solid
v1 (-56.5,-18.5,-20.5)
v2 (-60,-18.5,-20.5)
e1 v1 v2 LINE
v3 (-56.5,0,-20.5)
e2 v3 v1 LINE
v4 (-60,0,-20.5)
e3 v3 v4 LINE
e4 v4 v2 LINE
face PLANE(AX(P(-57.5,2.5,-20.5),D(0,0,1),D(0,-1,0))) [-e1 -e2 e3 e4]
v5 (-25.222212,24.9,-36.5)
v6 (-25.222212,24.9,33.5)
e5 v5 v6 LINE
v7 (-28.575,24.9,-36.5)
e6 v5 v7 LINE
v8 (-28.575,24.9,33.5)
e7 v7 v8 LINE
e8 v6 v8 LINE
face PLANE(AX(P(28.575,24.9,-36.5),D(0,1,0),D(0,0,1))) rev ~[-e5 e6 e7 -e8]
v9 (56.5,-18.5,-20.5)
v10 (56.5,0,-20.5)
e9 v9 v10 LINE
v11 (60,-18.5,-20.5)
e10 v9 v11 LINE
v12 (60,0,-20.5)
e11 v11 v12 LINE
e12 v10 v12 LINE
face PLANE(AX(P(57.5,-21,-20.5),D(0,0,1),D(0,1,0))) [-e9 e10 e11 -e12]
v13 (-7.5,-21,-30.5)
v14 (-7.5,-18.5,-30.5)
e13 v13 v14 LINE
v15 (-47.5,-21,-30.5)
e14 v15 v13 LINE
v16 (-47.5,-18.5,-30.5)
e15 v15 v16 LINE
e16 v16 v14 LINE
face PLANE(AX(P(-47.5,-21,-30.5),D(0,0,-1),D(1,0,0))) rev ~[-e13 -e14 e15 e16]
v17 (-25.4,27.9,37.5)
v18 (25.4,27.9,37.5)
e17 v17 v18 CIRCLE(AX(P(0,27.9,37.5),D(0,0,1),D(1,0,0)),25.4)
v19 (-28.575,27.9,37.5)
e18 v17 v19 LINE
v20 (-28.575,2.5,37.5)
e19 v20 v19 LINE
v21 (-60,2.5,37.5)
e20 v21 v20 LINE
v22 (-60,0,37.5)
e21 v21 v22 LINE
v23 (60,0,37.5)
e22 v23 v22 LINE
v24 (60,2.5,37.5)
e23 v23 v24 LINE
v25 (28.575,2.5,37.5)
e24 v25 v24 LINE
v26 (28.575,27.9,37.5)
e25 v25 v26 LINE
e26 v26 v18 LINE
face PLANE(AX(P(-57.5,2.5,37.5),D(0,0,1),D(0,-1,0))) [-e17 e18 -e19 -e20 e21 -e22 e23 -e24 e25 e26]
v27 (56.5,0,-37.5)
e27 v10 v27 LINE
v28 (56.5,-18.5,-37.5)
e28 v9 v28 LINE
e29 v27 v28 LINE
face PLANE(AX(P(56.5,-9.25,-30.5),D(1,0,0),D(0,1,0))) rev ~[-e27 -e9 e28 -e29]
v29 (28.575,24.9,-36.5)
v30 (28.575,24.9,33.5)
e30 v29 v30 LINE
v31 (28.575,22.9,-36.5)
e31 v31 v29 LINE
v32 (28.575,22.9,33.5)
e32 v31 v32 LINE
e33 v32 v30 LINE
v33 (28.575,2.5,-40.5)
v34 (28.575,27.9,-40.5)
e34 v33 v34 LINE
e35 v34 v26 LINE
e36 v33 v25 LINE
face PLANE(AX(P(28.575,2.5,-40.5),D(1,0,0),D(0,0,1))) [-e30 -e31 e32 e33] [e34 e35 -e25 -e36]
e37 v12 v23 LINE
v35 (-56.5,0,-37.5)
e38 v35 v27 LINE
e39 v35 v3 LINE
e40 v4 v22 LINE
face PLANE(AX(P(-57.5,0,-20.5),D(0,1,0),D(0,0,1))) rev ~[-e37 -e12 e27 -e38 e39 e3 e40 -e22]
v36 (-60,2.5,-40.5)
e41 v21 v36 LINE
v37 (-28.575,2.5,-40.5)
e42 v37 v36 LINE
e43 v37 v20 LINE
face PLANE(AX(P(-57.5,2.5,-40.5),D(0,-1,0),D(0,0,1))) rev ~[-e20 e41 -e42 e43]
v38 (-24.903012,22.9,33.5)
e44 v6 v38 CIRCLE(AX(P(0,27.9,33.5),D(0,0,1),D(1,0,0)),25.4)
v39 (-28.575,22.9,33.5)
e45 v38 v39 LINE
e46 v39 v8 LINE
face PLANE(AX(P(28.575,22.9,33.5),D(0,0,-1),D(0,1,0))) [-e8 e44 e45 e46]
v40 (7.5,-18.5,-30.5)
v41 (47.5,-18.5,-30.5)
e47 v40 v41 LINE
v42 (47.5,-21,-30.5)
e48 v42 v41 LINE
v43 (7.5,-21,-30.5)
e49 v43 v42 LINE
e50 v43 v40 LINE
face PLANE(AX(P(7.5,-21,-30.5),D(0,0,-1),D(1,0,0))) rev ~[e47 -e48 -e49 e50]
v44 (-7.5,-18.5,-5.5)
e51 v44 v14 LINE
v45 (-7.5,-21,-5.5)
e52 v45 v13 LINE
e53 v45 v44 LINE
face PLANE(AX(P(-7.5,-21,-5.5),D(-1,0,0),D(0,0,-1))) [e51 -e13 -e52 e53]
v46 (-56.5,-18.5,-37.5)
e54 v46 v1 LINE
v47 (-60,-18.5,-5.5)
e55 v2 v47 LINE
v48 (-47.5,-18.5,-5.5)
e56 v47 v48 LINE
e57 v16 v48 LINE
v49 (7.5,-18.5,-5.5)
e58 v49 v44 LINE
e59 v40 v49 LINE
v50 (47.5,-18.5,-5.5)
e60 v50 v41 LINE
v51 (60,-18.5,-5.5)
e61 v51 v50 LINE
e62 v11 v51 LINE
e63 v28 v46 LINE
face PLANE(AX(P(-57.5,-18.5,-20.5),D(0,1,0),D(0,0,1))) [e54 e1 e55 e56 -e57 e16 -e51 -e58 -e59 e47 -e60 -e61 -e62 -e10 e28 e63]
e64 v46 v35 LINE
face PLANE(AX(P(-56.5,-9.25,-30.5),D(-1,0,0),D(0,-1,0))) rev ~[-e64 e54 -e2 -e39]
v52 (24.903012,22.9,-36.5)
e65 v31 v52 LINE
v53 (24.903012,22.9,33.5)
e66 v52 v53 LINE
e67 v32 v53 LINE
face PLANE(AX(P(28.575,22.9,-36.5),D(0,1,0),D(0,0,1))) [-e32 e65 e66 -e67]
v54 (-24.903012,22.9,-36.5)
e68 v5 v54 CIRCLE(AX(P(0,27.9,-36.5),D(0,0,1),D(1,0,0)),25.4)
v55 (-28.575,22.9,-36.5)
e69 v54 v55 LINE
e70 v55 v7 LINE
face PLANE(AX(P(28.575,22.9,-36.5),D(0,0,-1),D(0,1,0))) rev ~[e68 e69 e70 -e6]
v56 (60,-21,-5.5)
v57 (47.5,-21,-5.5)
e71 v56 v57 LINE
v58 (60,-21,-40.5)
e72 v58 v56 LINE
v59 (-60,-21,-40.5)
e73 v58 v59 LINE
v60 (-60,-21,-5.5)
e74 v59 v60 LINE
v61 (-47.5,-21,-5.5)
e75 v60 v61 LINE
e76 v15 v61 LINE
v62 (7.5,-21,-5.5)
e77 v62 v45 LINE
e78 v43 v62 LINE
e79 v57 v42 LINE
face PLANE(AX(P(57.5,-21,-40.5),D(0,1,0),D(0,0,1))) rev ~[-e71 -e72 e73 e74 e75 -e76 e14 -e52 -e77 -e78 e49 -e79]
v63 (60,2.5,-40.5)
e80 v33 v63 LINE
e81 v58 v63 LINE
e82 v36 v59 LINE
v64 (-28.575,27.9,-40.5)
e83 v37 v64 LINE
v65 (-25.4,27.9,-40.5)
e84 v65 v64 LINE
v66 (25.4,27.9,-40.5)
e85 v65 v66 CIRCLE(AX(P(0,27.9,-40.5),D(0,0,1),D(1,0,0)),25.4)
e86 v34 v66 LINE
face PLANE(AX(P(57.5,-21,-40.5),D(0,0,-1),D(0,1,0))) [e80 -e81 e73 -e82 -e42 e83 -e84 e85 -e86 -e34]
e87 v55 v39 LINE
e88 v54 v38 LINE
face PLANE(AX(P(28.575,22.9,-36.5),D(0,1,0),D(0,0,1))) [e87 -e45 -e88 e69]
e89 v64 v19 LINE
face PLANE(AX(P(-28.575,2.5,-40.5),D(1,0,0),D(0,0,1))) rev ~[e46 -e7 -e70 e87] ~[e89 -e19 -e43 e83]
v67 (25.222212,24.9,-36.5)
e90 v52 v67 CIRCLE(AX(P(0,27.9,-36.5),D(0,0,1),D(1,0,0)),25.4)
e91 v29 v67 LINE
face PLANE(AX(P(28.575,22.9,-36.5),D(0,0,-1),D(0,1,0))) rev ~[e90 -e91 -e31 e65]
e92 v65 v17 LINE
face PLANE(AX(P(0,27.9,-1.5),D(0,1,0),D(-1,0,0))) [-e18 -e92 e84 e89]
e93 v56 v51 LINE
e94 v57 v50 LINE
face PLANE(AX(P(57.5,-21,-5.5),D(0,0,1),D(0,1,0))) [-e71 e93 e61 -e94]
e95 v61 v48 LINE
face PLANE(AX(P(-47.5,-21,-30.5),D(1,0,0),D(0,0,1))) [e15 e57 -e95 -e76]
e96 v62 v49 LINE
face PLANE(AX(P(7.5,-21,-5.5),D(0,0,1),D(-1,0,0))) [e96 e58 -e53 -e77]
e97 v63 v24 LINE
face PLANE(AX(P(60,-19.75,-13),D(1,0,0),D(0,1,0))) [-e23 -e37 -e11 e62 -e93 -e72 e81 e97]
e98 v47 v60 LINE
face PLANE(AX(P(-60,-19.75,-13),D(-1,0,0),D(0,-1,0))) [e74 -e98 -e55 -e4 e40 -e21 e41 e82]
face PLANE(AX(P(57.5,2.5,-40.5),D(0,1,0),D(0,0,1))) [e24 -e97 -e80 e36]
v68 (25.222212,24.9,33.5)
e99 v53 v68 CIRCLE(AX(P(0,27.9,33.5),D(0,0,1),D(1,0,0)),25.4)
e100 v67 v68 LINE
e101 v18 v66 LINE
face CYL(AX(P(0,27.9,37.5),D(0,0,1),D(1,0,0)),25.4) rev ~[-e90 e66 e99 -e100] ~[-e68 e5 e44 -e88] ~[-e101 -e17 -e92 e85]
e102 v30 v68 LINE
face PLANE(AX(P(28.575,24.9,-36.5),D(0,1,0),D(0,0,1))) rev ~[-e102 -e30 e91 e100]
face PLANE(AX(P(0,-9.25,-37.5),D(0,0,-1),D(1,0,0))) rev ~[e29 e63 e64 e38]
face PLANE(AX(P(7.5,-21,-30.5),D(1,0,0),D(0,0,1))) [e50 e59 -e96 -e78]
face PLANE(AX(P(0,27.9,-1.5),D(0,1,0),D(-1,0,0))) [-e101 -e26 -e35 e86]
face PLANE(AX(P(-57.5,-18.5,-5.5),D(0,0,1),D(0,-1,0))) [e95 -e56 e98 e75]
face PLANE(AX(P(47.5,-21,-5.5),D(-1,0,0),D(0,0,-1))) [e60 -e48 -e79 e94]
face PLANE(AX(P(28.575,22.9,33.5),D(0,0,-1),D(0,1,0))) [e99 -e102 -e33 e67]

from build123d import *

# Parameters (mm, degrees)
F0_W      = 115
F0_H      = 75
F1_DEPTH  = 2.5
F2_W      = 115
F2_H      = 23.5
F3_DEPTH  = 3
F4_W      = 40
F4_H      = 10
F5_DEPTH  = 2.5
F6_W      = 23.5
F6_H      = 20
F7_DEPTH  = 2.5
F8_W      = 23.5
F8_H      = 20
F9_DEPTH  = 2.5
F10_W     = 2.5
F10_H     = 15
F10_H_2   = 58
F11_DEPTH = 2.5
F12_W     = 2.5
F12_H     = 15
F12_H_2   = 58
F13_DEPTH = 2.5
F14_W     = 57.15
F14_H     = 78
F15_DEPTH = 25.4
F16_R     = 25.4
F17_DEPTH = 78
F19_DEPTH = 1
F20_DEPTH = 1
F18_W     = 2
F18_H     = 70
F21_DEPTH = 57.15


with BuildPart() as f1:
    # F0 (on Front) → F1 (new body)
    with BuildSketch(Plane.XZ):
        Rectangle(F0_W, F0_H)
    extrude(amount=-F1_DEPTH)

    # F2 (on face) → F3 (join)
    with BuildSketch(Plane(origin=(0, 0, -37.5), x_dir=(1, 0, 0), z_dir=(0, 0, -1))):
        with Locations((0, 9.25)):
            Rectangle(F2_W, F2_H)
    extrude(amount=F3_DEPTH)

    # F4 (on face) → F5 (join)
    with BuildSketch(Plane.XZ.offset(21)):
        Polygon((-57.5, -5.5), (-57.5, -40.5), (-47.5, -40.5), (-47.5, -30.5), (-47.5, -5.5), align=None)
        with Locations((-27.5, -35.5)):
            Rectangle(F4_W, F4_H)
        Polygon((-7.5, -30.5), (-7.5, -40.5), (0, -40.5), (0, -5.5), (-7.5, -5.5), align=None)
        Polygon((0, -5.5), (0, -40.5), (7.5, -40.5), (7.5, -30.5), (7.5, -5.5), align=None)
        with Locations((27.5, -35.5)):
            Rectangle(F4_W, F4_H)
        Polygon((47.5, -30.5), (47.5, -40.5), (57.5, -40.5), (57.5, -5.5), (47.5, -5.5), align=None)
    extrude(amount=-F5_DEPTH)

    # F6 (on face) → F7 (join)
    with BuildSketch(Plane(origin=(-57.5, 0, 0), x_dir=(0, -1, 0), z_dir=(-1, 0, 0))):
        with Locations((9.25, -30.5)):
            Rectangle(F6_W, F6_H)
    extrude(amount=F7_DEPTH)

    # F8 (on face) → F9 (join)
    with BuildSketch(Plane.YZ.offset(57.5)):
        with Locations((-9.25, -30.5)):
            Rectangle(F8_W, F8_H)
    extrude(amount=F9_DEPTH)

    # F10 (on face) → F11 (join)
    with BuildSketch(Plane.YZ.offset(57.5)):
        with Locations((-19.75, -13)):
            Rectangle(F10_W, F10_H)
        with Locations((1.25, 8.5)):
            Rectangle(F10_W, F10_H_2)
    extrude(amount=F11_DEPTH)

    # F12 (on face) → F13 (join)
    with BuildSketch(Plane(origin=(-57.5, 0, 0), x_dir=(0, -1, 0), z_dir=(-1, 0, 0))):
        with Locations((19.75, -13)):
            Rectangle(F12_W, F12_H)
        with Locations((-1.25, 8.5)):
            Rectangle(F12_W, F12_H_2)
    extrude(amount=F13_DEPTH)

    # F14 (on face) → F15 (join)
    with BuildSketch(Plane(origin=(0, 2.5, 0), x_dir=(-1, 0, 0), z_dir=(0, 1, 0))):
        with Locations((0, -1.5)):
            Rectangle(F14_W, F14_H)
    extrude(amount=F15_DEPTH)

    # F16 (on face) → F17 (cut)
    with BuildSketch(Plane.XY.offset(37.5)):
        with Locations((0, 27.9)):
            Circle(F16_R)
    extrude(amount=-F17_DEPTH, mode=Mode.SUBTRACT)

    # F6 (on face) → F19 (join)
    with BuildSketch(Plane(origin=(-57.5, 0, 0), x_dir=(0, -1, 0), z_dir=(-1, 0, 0))):
        with Locations((9.25, -30.5)):
            Rectangle(F6_W, F6_H)
    extrude(amount=-F19_DEPTH)

    # F8 (on face) → F20 (join)
    with BuildSketch(Plane.YZ.offset(57.5)):
        with Locations((-9.25, -30.5)):
            Rectangle(F8_W, F8_H)
    extrude(amount=-F20_DEPTH)

    # F18 (on face) → F21 (cut)
    with BuildSketch(Plane.YZ.offset(28.575)):
        with Locations((23.9, -1.5)):
            Rectangle(F18_W, F18_H)
    extrude(amount=-F21_DEPTH, mode=Mode.SUBTRACT)


solid = f1.part
